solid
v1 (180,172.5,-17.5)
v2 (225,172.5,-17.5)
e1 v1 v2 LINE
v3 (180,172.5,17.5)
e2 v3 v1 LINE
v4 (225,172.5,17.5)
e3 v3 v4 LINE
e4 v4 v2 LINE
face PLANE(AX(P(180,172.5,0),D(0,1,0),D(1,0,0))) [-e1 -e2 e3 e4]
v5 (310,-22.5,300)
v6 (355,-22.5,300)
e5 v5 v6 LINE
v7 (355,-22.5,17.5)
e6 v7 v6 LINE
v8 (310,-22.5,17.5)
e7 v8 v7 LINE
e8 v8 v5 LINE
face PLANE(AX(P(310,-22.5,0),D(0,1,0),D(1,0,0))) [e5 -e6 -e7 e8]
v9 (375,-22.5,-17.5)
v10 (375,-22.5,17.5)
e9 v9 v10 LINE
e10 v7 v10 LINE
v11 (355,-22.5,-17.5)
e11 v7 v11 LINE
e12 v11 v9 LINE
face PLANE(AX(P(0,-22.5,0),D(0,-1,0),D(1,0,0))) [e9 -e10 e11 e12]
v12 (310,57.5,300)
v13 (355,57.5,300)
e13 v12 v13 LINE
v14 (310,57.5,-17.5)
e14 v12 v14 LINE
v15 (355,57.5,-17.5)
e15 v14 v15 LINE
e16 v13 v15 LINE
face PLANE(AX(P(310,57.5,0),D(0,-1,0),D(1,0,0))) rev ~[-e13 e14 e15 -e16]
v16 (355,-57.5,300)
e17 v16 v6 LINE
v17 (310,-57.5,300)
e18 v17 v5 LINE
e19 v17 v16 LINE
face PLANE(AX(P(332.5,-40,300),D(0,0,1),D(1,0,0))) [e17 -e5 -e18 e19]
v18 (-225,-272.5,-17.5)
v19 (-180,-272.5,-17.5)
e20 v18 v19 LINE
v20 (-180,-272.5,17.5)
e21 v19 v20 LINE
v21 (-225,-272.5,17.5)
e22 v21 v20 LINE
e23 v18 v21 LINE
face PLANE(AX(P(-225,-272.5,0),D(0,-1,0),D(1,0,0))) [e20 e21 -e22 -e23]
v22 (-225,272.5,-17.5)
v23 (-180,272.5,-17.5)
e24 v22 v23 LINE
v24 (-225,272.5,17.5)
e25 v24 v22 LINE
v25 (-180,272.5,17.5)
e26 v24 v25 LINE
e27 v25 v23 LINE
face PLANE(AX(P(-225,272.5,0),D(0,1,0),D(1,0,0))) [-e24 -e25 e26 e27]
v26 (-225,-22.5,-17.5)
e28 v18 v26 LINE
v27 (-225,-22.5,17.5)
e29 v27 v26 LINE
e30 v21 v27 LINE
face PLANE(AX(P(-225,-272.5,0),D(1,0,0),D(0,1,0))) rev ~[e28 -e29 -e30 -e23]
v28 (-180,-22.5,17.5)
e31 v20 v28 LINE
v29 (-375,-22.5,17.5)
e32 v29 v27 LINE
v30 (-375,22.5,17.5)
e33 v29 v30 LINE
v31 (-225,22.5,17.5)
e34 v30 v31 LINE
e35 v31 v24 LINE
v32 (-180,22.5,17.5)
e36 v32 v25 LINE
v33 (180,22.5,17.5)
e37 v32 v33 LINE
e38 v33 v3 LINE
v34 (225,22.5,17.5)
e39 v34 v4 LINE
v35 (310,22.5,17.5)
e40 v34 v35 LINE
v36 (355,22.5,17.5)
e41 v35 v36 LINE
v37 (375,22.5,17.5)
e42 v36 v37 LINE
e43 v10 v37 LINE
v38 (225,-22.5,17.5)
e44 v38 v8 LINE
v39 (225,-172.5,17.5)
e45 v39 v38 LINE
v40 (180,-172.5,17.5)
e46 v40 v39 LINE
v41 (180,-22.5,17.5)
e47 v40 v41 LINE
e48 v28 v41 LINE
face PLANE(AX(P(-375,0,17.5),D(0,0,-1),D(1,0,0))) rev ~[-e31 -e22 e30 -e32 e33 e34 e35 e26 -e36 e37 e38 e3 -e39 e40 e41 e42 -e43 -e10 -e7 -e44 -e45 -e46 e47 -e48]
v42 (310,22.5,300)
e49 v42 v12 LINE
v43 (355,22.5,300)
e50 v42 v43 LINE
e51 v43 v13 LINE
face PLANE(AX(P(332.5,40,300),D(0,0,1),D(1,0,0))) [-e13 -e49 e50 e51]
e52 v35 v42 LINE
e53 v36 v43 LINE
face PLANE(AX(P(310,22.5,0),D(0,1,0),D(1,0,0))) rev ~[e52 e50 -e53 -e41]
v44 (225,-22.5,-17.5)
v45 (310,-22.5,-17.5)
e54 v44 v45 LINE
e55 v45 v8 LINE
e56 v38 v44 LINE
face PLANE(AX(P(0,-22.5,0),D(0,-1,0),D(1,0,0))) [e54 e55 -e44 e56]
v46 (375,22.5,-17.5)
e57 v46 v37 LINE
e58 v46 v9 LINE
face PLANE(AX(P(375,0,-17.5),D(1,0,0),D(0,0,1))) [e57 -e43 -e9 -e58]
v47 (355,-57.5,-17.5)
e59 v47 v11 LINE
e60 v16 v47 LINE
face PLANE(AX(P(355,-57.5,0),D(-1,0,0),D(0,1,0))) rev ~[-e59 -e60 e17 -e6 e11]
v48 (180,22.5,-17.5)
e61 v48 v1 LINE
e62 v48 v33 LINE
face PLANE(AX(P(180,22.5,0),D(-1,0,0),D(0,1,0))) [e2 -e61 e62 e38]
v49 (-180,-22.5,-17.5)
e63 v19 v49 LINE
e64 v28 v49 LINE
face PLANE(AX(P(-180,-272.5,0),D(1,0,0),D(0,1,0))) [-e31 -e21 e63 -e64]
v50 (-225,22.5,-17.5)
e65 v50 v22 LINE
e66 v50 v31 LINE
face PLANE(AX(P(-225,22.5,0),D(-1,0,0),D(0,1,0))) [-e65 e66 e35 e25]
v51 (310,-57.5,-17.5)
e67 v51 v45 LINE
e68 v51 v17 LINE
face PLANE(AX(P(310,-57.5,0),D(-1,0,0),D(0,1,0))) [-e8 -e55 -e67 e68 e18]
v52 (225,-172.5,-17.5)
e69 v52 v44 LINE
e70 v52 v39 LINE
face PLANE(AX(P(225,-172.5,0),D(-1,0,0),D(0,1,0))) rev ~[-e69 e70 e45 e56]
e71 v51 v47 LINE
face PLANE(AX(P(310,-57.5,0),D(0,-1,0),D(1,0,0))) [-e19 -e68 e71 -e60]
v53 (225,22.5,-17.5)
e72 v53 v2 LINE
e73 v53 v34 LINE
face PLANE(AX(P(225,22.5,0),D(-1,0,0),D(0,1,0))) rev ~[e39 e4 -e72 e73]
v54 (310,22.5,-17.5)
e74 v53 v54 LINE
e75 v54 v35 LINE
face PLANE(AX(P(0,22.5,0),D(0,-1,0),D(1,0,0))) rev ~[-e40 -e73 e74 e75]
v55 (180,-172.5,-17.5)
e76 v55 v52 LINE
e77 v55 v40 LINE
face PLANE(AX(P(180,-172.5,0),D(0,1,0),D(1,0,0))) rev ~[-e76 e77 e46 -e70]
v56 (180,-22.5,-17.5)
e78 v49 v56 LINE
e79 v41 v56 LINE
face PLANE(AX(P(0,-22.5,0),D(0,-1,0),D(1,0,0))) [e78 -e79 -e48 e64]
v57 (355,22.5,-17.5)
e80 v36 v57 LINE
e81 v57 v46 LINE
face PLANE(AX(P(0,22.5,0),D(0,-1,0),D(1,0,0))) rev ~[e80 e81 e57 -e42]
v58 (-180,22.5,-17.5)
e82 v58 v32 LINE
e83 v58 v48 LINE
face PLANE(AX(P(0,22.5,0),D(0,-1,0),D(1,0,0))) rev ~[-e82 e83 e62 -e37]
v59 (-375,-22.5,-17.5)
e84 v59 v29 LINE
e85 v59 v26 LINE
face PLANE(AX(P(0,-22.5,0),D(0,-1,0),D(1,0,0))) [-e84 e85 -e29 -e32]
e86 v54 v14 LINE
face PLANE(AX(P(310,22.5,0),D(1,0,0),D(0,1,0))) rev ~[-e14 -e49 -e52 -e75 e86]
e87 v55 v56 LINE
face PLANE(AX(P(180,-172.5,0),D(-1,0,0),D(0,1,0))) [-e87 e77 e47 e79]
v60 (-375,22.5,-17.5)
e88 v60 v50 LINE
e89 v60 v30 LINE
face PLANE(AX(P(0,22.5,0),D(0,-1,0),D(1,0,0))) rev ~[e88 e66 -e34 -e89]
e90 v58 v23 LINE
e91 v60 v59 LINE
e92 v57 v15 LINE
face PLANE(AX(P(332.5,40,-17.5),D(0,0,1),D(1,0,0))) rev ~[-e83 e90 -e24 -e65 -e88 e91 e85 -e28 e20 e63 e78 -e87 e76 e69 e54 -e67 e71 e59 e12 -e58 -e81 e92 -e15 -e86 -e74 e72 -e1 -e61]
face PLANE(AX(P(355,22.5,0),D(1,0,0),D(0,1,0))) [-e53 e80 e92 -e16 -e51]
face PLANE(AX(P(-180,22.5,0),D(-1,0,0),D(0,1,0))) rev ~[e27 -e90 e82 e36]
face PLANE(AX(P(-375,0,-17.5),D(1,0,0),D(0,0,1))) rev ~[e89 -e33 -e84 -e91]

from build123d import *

# Parameters (mm, degrees)
F0_W          = 750
F0_H          = 35
F1_DEPTH      = 22.5
F2_W          = 45
F2_H          = 150
F2_H_2        = 250
F3_DEPTH      = 17.5
F4_W          = 45
F4_H          = 35
F5_DEPTH      = 300
F5_DEPTH_BACK = 17.5


with BuildPart() as f1:
    # F0 (on Front) → F1 (new body, symmetric)
    with BuildSketch(Plane.XZ):
        Rectangle(F0_W, F0_H)
    extrude(amount=F1_DEPTH, both=True)

    # F2 (on Top) → F3 (join, symmetric)
    with BuildSketch(Plane.XY):
        with Locations((202.5, 97.5)):
            Rectangle(F2_W, F2_H)
        with Locations((202.5, -97.5)):
            Rectangle(F2_W, F2_H)
        with Locations((-202.5, 147.5)):
            Rectangle(F2_W, F2_H_2)
        with Locations((-202.5, -147.5)):
            Rectangle(F2_W, F2_H_2)
    extrude(amount=F3_DEPTH, both=True)

    # F4 (on Top) → F5 (join, two sides)
    with BuildSketch(Plane.XY) as f5_sk:
        with Locations((332.5, 40)):
            Rectangle(F4_W, F4_H)
        with Locations((332.5, -40)):
            Rectangle(F4_W, F4_H)
    extrude(amount=F5_DEPTH)
    extrude(f5_sk.sketch, amount=-F5_DEPTH_BACK)


solid = f1.part
